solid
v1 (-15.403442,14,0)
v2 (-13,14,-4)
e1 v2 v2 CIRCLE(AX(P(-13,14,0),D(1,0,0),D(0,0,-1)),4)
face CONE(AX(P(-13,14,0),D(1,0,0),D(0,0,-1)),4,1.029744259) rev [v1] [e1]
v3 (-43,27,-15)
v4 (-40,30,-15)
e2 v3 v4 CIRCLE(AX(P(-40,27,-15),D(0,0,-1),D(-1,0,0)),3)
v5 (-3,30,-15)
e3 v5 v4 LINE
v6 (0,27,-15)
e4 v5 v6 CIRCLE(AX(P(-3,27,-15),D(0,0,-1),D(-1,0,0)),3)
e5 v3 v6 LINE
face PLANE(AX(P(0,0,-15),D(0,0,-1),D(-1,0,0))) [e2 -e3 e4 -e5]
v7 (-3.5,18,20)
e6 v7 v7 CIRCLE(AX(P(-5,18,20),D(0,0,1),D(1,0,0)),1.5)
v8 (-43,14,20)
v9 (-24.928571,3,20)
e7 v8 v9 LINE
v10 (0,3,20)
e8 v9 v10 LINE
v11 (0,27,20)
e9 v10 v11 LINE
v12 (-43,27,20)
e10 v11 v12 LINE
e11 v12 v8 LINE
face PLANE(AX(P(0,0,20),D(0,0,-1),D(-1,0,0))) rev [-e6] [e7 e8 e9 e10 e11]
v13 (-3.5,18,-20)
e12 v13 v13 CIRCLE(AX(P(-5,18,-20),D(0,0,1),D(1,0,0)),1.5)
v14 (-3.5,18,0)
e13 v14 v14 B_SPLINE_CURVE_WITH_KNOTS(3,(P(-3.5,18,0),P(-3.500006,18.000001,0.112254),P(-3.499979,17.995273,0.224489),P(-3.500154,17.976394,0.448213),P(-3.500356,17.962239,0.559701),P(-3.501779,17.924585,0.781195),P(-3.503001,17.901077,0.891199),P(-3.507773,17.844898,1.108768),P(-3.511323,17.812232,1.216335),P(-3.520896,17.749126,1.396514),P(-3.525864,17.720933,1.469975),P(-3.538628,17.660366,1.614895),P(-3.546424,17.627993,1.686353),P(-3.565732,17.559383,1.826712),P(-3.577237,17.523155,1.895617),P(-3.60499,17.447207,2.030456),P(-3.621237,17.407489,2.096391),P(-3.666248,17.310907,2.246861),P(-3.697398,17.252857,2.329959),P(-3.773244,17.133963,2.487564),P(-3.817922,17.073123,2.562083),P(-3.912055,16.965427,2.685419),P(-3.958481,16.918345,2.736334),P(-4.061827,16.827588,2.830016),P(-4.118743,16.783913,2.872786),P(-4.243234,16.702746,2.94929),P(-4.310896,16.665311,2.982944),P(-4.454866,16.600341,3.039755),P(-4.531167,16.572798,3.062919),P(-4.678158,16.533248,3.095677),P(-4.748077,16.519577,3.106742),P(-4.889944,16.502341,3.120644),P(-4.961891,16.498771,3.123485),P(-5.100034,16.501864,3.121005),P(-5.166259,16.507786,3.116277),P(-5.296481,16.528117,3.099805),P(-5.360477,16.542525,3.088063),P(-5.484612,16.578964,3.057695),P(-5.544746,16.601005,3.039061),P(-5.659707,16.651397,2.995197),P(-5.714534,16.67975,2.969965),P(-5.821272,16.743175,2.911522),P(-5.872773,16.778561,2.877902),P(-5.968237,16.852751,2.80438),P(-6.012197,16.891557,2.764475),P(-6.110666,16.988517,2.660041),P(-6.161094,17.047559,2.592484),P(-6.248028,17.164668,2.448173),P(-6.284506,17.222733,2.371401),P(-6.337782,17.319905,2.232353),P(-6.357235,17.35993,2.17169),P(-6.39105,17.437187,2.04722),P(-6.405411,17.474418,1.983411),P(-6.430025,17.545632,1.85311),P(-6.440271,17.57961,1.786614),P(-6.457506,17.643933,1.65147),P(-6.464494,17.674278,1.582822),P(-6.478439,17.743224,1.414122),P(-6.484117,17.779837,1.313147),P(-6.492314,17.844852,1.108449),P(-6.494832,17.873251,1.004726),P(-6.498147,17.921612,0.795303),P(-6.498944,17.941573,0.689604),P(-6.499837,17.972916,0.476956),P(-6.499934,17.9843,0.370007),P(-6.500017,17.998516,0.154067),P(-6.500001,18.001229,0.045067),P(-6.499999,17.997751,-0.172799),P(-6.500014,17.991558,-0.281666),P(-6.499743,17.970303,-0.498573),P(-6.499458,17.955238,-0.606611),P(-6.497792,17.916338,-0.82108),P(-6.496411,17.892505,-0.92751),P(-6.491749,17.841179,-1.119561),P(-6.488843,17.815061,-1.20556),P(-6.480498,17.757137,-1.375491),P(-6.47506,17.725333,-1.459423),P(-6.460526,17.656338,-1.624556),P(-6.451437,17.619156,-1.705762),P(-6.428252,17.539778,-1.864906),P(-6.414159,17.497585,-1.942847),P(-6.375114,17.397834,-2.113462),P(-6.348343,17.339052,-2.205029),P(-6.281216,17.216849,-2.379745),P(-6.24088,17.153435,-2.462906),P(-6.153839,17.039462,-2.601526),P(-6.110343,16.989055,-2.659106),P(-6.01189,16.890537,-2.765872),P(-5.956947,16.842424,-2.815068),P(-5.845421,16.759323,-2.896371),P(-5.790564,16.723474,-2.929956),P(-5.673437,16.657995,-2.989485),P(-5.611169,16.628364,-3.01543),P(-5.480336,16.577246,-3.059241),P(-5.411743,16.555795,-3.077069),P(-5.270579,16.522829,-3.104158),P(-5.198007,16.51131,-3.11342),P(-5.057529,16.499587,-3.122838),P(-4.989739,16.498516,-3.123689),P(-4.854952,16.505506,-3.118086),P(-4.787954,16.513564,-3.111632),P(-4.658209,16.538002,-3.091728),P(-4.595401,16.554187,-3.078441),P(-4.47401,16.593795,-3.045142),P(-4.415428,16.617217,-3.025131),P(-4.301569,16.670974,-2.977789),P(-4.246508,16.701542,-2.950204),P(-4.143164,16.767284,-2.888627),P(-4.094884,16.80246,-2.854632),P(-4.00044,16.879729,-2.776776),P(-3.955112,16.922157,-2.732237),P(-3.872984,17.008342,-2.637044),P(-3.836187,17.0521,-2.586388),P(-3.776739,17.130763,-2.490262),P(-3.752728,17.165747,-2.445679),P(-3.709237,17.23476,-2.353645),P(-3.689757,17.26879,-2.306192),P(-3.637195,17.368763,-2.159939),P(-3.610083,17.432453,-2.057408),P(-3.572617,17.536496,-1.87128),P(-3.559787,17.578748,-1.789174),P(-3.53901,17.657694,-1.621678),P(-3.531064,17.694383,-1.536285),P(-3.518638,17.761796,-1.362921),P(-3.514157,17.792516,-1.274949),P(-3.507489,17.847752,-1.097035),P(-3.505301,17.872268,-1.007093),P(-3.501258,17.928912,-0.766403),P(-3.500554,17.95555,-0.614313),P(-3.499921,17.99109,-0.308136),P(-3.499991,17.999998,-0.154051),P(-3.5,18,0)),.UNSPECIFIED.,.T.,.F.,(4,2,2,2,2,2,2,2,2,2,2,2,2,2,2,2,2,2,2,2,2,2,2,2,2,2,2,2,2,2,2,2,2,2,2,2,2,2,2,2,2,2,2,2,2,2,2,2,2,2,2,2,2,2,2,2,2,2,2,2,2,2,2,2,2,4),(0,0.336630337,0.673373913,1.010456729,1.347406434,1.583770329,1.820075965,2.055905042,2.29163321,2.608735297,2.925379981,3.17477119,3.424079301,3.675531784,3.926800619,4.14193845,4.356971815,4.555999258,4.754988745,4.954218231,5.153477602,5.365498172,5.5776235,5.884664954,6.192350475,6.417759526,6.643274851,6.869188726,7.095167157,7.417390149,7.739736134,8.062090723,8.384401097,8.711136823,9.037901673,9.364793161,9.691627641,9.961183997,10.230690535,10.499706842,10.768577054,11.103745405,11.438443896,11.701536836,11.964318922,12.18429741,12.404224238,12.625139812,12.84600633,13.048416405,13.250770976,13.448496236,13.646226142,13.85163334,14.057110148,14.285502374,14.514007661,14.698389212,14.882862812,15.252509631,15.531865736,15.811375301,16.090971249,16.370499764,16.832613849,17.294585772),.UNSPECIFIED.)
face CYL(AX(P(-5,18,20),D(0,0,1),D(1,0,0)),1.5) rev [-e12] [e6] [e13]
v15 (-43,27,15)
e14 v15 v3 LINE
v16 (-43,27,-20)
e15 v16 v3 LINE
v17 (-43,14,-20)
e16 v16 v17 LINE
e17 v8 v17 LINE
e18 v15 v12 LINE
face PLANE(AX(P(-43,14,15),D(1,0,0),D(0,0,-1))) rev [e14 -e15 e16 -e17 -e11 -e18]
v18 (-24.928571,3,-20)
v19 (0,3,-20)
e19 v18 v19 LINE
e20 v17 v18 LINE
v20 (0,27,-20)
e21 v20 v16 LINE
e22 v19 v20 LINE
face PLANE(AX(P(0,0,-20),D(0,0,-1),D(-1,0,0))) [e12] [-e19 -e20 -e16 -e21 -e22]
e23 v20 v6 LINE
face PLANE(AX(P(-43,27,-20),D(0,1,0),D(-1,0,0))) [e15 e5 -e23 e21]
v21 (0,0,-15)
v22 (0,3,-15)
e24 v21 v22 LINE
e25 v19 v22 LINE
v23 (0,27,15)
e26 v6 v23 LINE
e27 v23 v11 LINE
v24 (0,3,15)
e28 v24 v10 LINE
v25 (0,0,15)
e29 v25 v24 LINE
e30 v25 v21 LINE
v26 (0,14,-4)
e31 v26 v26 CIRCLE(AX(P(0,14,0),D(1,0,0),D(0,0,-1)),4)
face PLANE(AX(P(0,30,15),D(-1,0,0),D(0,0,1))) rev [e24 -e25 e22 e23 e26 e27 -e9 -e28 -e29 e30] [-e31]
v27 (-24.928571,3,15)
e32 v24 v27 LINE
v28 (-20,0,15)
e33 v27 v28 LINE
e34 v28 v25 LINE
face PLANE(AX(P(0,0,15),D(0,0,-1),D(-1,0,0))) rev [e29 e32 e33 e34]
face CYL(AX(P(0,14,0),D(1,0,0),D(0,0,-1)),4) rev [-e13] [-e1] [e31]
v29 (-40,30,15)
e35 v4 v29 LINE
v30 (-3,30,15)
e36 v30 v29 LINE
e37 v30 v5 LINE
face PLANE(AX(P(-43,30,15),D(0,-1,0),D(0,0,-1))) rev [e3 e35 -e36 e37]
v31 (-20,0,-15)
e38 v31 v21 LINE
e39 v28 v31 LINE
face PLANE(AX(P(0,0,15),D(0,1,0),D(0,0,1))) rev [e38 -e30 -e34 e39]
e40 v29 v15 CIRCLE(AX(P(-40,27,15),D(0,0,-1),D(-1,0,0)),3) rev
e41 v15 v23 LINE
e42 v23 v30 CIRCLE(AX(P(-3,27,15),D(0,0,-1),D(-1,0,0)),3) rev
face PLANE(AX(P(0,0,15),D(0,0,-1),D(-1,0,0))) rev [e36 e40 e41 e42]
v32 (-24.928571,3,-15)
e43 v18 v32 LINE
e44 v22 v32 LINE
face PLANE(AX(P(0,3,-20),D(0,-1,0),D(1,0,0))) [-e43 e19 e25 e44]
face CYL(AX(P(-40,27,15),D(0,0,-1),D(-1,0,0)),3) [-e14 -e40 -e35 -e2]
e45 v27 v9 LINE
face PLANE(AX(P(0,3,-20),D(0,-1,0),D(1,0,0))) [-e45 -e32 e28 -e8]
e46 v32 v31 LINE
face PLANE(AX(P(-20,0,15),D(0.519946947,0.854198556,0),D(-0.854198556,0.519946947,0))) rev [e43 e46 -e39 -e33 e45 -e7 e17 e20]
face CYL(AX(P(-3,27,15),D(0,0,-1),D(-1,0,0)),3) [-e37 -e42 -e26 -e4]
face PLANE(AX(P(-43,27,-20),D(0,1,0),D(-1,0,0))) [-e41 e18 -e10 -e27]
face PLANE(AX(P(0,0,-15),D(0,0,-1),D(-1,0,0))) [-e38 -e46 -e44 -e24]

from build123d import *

# Parameters (mm, degrees)
EXTRUDE_1_DEPTH        = 15
FILLET_1_R             = 3
EXTRUDE_2_DEPTH        = 5
EXTRUDE_2_DEPTH_BACK   = 35
HOLE_WIZARD_M4_1_D     = 3
HOLE_WIZARD_M4_2_D     = 8
HOLE_WIZARD_M4_2_DEPTH = 13
HOLE_WIZARD_M4_2_TIP   = 2.403442476


with BuildPart() as part:
    # 스케치1 → 보스-돌출1 (new body, symmetric)
    with BuildSketch(Plane.XY):
        Polygon((0, 0), (-20, 0), (-43, 14), (-43, 30), (0, 30), align=None)
    extrude(amount=EXTRUDE_1_DEPTH, both=True)

    # 필렛1
    fillet_1_edges = [part.edges().sort_by_distance(p)[0] for p in [
        (-43, 30, 0),
        (0, 30, 0),
    ]]
    fillet(fillet_1_edges, radius=FILLET_1_R)

    # 스케치2 → 보스-돌출2 (add, two sides)
    with BuildSketch(Plane.XY.offset(15)) as extrude_2_sk:
        Polygon((-43, 27), (0, 27), (0, 3), (-24.928571429, 3), (-43, 14), align=None)
    extrude(amount=EXTRUDE_2_DEPTH)
    extrude(extrude_2_sk.sketch, amount=-EXTRUDE_2_DEPTH_BACK)

    # M4 여유 구멍1 (through all)
    with Locations(Plane.XY.offset(20)):
        with Locations((-5, 18)):
            Hole(HOLE_WIZARD_M4_1_D / 2)

    # M4 여유 구멍2
    with Locations(Plane(origin=(0, 0, 0), x_dir=(0, 0, -1), z_dir=(1, 0, 0))):
        with Locations((0, 14)):
            Hole(HOLE_WIZARD_M4_2_D / 2, depth=HOLE_WIZARD_M4_2_DEPTH)
            with Locations((0, 0, -(HOLE_WIZARD_M4_2_DEPTH + HOLE_WIZARD_M4_2_TIP / 2))):  # 118° drill point
                Cone(0, HOLE_WIZARD_M4_2_D / 2, HOLE_WIZARD_M4_2_TIP, mode=Mode.SUBTRACT)


solid = part.part
